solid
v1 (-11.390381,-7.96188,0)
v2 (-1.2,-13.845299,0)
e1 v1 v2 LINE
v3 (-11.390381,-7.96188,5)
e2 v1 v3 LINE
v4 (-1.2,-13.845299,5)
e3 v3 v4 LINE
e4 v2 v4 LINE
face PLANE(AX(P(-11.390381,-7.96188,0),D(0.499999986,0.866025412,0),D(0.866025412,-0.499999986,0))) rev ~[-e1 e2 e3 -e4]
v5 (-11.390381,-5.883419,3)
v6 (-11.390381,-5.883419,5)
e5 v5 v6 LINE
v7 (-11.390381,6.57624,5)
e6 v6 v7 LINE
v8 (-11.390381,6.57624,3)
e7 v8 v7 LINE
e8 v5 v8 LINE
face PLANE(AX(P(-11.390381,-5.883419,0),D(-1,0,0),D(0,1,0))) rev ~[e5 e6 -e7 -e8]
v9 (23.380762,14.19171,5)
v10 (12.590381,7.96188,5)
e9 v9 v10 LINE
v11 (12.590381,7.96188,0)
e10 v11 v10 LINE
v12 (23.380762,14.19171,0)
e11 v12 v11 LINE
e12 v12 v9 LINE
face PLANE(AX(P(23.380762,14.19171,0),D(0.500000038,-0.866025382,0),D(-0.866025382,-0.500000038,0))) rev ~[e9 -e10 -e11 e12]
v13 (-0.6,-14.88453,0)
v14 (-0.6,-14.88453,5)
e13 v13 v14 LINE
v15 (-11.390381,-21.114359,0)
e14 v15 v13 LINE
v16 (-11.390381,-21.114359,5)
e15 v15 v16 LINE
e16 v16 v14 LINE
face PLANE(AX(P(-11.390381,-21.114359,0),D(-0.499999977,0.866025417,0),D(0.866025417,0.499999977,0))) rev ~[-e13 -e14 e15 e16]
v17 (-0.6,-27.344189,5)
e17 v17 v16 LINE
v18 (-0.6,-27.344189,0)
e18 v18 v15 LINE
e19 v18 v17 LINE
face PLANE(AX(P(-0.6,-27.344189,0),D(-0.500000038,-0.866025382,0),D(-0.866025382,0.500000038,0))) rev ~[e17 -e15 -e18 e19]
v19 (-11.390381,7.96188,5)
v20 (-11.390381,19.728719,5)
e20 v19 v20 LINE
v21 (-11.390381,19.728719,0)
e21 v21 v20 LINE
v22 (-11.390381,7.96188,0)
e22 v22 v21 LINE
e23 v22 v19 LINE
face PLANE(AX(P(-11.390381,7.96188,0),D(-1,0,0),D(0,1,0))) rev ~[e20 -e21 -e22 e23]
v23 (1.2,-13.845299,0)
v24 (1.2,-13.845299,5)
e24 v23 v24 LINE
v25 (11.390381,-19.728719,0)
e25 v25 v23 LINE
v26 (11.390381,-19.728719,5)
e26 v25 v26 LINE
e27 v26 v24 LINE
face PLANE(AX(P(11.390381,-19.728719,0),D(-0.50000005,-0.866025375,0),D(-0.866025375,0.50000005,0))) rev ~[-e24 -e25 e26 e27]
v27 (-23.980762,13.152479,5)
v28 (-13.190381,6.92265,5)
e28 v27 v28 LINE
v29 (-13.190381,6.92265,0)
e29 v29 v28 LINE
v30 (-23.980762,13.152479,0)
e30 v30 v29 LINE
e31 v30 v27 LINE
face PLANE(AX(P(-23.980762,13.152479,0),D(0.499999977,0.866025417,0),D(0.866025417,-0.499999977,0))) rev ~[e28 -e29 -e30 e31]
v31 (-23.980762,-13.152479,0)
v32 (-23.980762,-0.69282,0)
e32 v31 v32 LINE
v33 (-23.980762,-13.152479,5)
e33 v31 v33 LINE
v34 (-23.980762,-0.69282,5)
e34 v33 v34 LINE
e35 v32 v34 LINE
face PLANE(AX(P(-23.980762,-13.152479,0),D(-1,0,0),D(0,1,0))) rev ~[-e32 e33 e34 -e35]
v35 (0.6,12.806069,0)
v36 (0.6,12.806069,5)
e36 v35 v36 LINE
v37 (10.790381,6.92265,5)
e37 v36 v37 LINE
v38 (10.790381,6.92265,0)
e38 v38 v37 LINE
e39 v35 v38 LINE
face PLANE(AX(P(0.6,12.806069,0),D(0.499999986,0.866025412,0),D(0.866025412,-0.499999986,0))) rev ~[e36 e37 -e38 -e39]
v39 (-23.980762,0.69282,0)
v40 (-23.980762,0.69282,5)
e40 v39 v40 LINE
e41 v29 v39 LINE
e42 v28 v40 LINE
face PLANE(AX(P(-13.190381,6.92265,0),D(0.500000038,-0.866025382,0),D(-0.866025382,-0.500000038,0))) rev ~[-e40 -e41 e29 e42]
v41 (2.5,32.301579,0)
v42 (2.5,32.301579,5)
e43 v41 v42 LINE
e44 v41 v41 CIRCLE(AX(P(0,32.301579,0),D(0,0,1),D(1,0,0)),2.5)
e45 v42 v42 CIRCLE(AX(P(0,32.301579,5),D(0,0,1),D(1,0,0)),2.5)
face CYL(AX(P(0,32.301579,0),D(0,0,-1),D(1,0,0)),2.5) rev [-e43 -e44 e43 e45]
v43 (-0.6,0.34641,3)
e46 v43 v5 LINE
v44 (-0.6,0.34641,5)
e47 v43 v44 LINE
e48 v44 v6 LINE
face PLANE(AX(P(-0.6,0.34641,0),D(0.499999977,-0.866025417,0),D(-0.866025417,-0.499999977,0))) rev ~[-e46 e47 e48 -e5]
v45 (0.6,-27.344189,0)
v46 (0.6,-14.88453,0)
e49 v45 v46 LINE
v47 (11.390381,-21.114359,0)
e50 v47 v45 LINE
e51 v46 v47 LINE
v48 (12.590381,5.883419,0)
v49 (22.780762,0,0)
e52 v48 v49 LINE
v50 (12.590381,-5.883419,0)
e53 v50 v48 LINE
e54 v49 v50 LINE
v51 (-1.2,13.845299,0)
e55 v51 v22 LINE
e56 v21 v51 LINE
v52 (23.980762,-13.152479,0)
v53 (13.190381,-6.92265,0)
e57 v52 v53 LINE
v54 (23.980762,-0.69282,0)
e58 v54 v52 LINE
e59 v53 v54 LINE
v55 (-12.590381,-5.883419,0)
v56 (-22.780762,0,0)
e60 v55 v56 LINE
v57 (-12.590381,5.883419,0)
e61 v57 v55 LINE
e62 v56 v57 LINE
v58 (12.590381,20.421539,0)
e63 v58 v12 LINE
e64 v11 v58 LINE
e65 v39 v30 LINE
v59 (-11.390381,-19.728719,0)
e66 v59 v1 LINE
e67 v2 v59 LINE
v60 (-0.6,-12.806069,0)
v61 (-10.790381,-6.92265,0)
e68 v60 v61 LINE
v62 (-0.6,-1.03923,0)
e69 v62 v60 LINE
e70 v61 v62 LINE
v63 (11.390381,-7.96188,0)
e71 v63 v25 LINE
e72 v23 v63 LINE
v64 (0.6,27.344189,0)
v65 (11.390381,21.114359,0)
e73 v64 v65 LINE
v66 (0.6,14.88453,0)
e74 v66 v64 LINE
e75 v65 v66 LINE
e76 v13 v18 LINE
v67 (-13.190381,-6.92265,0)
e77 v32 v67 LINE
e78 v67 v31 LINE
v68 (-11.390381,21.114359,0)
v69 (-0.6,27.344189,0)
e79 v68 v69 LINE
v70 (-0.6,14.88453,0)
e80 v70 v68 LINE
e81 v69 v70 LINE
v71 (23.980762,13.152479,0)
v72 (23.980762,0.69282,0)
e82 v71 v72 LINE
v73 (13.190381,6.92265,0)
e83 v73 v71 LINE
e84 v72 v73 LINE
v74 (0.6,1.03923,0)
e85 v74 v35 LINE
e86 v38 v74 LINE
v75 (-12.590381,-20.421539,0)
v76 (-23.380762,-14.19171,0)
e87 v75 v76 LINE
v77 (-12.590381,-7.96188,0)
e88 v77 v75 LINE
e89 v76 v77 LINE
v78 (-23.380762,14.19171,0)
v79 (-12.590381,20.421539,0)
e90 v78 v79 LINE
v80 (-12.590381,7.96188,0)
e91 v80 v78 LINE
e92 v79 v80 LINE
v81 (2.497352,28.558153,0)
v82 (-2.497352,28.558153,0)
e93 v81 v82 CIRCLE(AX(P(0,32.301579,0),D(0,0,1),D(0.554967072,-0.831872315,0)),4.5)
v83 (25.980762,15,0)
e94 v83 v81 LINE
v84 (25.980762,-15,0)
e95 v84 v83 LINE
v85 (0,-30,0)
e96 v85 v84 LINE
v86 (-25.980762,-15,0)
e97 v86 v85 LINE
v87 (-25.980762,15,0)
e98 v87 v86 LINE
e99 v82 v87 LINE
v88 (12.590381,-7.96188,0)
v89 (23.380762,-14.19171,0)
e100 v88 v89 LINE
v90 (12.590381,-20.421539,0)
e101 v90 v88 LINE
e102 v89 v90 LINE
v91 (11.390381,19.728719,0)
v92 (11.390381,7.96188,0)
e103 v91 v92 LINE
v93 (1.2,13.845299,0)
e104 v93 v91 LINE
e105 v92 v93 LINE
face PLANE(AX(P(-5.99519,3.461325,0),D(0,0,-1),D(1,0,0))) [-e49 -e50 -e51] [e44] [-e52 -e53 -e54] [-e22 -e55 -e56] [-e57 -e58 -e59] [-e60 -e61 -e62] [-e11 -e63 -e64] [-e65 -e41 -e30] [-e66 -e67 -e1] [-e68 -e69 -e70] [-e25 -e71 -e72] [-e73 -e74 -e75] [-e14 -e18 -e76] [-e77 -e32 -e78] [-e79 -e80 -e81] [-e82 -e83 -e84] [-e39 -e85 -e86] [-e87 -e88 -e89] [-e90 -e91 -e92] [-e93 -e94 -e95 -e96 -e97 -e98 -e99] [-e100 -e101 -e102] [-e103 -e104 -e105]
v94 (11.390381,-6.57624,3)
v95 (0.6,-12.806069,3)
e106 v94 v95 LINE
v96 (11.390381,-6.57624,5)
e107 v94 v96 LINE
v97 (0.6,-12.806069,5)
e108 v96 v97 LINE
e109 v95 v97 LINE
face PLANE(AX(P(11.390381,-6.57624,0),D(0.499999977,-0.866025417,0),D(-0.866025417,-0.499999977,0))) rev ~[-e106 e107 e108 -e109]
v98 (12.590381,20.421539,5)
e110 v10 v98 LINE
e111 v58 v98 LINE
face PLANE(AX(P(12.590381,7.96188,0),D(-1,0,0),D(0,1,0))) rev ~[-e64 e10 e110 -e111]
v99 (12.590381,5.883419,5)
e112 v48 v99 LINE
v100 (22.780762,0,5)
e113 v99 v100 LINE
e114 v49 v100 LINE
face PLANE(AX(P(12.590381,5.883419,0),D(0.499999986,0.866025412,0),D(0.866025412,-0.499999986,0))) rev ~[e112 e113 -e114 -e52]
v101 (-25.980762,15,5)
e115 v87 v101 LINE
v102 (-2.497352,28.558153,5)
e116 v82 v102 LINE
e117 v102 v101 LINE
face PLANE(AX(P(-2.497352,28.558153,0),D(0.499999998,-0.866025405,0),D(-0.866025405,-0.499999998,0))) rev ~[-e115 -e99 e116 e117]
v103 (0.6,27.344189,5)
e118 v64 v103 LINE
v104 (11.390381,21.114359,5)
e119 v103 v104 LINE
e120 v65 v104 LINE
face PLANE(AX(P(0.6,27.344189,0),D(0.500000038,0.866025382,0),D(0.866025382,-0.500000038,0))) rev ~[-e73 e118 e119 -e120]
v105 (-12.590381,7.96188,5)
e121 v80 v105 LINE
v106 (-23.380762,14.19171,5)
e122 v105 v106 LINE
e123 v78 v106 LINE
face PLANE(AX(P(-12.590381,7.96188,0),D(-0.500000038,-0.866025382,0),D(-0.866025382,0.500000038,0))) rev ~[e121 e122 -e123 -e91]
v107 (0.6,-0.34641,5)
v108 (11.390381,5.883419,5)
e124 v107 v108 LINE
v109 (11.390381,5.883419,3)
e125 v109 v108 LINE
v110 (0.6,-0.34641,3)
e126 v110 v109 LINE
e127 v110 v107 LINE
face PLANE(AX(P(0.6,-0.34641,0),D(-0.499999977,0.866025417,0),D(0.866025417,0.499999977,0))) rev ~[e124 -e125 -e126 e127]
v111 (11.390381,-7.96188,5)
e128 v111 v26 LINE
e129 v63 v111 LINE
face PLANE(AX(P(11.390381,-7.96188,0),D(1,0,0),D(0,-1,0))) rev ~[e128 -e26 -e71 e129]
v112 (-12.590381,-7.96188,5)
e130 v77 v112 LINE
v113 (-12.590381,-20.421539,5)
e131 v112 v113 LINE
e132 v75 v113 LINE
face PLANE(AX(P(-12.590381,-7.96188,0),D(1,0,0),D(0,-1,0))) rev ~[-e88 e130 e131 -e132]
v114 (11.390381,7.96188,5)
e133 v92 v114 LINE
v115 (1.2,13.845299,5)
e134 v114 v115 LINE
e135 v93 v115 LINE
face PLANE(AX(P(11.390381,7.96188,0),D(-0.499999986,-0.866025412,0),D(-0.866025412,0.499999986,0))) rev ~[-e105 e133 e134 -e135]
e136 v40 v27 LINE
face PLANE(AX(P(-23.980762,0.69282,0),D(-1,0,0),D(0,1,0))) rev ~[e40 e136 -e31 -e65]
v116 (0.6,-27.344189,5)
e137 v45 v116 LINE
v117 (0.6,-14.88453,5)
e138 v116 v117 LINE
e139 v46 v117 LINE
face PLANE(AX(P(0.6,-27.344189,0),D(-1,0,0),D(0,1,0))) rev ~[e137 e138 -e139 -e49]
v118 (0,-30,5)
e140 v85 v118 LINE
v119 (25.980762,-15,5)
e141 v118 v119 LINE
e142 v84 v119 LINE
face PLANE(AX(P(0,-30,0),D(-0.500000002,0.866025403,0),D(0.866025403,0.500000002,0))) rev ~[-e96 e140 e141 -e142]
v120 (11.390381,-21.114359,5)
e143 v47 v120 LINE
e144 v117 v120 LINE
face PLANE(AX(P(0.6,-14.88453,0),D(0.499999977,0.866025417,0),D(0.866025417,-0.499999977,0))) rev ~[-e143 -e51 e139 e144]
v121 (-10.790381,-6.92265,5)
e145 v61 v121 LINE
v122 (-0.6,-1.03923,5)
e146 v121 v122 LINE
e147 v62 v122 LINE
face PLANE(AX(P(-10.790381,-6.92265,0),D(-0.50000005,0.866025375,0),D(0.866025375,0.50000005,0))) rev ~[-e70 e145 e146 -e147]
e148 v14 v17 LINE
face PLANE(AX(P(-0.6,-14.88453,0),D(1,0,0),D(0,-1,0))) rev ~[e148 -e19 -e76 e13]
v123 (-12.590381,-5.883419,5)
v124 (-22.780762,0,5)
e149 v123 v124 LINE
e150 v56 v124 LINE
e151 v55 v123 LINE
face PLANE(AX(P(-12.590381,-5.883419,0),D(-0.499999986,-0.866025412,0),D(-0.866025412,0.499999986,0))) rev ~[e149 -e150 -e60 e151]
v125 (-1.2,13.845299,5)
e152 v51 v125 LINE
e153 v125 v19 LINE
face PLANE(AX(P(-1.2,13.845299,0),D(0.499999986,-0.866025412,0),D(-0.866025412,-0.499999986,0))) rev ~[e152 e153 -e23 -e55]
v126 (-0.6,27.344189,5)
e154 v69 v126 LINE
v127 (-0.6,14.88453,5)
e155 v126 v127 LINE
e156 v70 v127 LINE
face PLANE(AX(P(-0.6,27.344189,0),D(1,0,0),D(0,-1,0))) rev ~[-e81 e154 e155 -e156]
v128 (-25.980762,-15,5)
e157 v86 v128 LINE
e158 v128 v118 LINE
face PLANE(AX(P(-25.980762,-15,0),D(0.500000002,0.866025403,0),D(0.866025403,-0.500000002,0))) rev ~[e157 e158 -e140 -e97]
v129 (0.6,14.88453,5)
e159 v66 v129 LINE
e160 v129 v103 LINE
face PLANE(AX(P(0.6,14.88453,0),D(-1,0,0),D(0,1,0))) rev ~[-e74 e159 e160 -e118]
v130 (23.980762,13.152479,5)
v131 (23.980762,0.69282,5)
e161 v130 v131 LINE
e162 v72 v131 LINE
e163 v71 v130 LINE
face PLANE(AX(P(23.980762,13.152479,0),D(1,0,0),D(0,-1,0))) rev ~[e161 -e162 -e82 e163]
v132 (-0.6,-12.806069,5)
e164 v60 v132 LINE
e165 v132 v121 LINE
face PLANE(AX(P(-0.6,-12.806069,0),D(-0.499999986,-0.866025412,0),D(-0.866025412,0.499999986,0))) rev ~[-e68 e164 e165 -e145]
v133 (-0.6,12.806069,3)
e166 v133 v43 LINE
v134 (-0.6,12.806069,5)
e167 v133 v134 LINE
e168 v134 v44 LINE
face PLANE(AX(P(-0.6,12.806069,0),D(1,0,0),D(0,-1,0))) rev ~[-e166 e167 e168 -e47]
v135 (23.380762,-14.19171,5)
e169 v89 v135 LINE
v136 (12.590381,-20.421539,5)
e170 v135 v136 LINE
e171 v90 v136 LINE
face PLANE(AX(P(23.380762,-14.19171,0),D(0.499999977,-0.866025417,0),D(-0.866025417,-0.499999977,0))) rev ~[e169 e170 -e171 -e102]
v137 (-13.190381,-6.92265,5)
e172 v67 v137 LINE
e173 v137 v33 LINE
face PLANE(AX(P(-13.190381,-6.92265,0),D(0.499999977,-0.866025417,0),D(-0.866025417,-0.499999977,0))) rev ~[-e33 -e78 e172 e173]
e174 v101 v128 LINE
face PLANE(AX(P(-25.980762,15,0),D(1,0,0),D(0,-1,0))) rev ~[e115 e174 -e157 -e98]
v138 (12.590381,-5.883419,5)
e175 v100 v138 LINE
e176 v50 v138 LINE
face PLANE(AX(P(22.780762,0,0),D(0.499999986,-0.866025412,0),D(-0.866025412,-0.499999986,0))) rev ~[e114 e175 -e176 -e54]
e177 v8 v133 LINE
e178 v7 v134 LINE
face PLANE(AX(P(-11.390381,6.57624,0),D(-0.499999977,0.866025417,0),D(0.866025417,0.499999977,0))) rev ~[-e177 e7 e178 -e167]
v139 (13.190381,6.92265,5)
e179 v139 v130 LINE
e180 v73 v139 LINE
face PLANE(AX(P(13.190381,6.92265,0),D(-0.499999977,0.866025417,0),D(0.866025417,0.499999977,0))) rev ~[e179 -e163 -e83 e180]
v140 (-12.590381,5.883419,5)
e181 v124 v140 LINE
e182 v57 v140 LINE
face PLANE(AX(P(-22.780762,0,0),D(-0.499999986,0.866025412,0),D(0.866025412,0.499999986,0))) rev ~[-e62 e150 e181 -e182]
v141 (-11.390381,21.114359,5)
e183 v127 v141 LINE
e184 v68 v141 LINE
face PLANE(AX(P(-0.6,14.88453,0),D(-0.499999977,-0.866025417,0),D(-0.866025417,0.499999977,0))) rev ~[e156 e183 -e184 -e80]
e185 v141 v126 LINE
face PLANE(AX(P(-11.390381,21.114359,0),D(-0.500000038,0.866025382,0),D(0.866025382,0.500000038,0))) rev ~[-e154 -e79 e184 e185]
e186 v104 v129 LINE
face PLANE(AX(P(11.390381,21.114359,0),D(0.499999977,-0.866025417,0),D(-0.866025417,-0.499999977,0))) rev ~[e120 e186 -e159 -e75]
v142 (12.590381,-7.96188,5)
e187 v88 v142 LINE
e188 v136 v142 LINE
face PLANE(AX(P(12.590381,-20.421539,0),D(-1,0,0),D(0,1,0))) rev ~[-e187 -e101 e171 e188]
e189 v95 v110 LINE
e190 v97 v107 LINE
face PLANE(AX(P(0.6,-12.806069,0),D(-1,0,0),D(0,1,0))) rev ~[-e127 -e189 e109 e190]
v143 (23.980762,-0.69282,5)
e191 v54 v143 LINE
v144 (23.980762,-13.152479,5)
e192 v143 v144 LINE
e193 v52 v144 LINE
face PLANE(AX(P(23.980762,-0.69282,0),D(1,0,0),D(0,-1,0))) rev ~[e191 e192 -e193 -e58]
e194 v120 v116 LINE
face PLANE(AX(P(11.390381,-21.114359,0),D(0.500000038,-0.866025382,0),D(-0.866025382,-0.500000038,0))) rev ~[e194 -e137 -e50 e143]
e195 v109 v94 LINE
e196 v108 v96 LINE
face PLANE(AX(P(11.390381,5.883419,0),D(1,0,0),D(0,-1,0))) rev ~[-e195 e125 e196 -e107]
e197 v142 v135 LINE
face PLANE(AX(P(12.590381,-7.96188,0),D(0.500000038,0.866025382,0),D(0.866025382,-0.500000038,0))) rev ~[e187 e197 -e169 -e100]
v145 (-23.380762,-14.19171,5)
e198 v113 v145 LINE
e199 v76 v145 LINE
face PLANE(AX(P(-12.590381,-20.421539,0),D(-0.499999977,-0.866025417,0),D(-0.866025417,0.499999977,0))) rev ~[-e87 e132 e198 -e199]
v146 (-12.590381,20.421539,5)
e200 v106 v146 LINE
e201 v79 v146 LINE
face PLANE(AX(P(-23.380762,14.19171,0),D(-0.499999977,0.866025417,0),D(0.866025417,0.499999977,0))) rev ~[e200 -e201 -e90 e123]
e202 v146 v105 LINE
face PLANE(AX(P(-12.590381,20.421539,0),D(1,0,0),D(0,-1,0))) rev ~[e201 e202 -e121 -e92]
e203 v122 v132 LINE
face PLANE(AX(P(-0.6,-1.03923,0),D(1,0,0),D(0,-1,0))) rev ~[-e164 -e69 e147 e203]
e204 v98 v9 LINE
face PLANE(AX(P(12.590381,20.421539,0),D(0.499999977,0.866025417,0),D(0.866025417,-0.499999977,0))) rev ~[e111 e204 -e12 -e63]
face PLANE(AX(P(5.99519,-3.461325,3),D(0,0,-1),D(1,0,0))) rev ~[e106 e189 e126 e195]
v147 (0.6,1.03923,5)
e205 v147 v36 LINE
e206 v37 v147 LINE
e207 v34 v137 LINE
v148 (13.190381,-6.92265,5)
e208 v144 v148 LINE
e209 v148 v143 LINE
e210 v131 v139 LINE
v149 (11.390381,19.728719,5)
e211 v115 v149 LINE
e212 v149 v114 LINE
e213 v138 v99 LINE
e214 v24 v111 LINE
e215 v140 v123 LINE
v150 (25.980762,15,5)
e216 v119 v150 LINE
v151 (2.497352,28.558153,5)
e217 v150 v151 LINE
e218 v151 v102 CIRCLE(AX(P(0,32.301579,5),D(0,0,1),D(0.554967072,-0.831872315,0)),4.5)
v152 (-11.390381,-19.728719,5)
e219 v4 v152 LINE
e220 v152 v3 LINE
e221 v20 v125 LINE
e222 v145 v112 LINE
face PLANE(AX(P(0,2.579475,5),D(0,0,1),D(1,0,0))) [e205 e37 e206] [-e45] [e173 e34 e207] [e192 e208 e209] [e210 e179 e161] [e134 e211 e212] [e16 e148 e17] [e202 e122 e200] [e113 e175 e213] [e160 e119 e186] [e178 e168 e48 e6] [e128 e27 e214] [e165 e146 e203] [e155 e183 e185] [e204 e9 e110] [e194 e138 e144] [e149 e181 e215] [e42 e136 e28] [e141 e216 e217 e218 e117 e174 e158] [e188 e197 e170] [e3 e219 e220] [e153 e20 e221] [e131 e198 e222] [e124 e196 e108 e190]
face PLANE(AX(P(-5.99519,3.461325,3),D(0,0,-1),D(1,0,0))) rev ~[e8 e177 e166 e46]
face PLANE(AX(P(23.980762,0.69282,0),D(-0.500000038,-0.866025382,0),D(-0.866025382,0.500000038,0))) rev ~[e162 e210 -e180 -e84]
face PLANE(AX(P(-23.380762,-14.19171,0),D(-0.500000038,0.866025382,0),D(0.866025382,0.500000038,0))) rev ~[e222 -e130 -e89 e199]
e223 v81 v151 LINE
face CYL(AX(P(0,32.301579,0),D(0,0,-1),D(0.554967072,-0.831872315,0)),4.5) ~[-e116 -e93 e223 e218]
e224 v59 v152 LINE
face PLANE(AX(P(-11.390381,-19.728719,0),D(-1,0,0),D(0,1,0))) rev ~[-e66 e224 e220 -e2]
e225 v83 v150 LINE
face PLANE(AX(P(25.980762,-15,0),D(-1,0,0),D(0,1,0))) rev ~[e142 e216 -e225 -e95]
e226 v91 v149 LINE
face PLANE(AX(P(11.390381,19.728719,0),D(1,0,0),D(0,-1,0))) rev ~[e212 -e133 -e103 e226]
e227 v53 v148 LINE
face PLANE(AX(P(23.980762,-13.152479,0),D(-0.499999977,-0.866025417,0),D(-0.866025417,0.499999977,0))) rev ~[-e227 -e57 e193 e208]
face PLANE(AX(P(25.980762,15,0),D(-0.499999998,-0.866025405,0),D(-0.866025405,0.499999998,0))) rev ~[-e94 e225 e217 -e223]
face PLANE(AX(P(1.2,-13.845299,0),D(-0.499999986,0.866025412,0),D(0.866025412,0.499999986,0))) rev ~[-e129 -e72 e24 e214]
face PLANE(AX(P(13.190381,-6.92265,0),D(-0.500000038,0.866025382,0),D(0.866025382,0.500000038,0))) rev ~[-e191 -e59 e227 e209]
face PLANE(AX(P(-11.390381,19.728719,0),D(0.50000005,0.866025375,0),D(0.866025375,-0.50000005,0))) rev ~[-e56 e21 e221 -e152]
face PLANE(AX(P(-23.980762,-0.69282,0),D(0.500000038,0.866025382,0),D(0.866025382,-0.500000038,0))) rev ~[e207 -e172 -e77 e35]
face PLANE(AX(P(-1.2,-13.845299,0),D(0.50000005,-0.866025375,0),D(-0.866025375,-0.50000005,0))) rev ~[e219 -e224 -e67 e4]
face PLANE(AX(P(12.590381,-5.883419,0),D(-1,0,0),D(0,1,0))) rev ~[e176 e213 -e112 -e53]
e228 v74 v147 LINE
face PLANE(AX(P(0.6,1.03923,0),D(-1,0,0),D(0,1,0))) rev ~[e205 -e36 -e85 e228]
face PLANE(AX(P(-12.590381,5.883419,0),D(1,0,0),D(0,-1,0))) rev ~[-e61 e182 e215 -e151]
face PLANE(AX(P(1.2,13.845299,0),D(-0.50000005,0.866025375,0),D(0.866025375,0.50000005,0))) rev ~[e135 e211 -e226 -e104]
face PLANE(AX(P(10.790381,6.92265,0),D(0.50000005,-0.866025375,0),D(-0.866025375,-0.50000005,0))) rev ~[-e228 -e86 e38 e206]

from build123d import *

# Parameters (mm, degrees)
F0_R     = 2.5
F1_DEPTH = 5
F3_DEPTH = 3


with BuildPart() as f1:
    # F0 (on Top) → F1 (new body)
    with BuildSketch(Plane.XY):
        with BuildLine():
            Line((25.980762, 15), (2.497352, 28.558153))
            ThreePointArc((2.497352, 28.558153), (0, 36.801579), (-2.497352, 28.558153))
            Line((-2.497352, 28.558153), (-25.980762, 15))
            Line((-25.980762, 15), (-25.980762, -15))
            Line((-25.980762, -15), (0, -30))
            Line((0, -30), (25.980762, -15))
            Line((25.980762, -15), (25.980762, 15))
        make_face()
        Polygon((-12.590381, -7.96188), (-12.590381, -20.421539), (-23.380762, -14.19171), align=None, mode=Mode.SUBTRACT)
        Polygon((-0.6, -14.88453), (-0.6, -27.344189), (-11.390381, -21.114359), align=None, mode=Mode.SUBTRACT)
        Polygon((-1.2, -13.845299), (-11.390381, -19.728719), (-11.390381, -7.96188), align=None, mode=Mode.SUBTRACT)
        Polygon((-13.190381, -6.92265), (-23.980762, -13.152479), (-23.980762, -0.69282), align=None, mode=Mode.SUBTRACT)
        Polygon((-12.590381, -5.883419), (-22.780762, 0), (-12.590381, 5.883419), align=None, mode=Mode.SUBTRACT)
        Polygon((-0.6, -1.03923), (-0.6, -12.806069), (-10.790381, -6.92265), align=None, mode=Mode.SUBTRACT)
        Polygon((0.6, -14.88453), (11.390381, -21.114359), (0.6, -27.344189), align=None, mode=Mode.SUBTRACT)
        Polygon((11.390381, -7.96188), (11.390381, -19.728719), (1.2, -13.845299), align=None, mode=Mode.SUBTRACT)
        Polygon((12.590381, -7.96188), (23.380762, -14.19171), (12.590381, -20.421539), align=None, mode=Mode.SUBTRACT)
        Polygon((0.6, -12.806069), (0.6, -0.34641), (11.390381, 5.883419), (11.390381, -6.57624), align=None, mode=Mode.SUBTRACT)
        Polygon((13.190381, -6.92265), (23.980762, -0.69282), (23.980762, -13.152479), align=None, mode=Mode.SUBTRACT)
        Polygon((12.590381, 5.883419), (22.780762, 0), (12.590381, -5.883419), align=None, mode=Mode.SUBTRACT)
        Polygon((-13.190381, 6.92265), (-23.980762, 0.69282), (-23.980762, 13.152479), align=None, mode=Mode.SUBTRACT)
        Polygon((-12.590381, 7.96188), (-23.380762, 14.19171), (-12.590381, 20.421539), align=None, mode=Mode.SUBTRACT)
        Polygon((-0.6, 12.806069), (-0.6, 0.34641), (-11.390381, -5.883419), (-11.390381, 6.57624), align=None, mode=Mode.SUBTRACT)
        Polygon((-11.390381, 19.728719), (-1.2, 13.845299), (-11.390381, 7.96188), align=None, mode=Mode.SUBTRACT)
        Polygon((-0.6, 14.88453), (-11.390381, 21.114359), (-0.6, 27.344189), align=None, mode=Mode.SUBTRACT)
        Polygon((0.6, 12.806069), (10.790381, 6.92265), (0.6, 1.03923), align=None, mode=Mode.SUBTRACT)
        Polygon((11.390381, 19.728719), (11.390381, 7.96188), (1.2, 13.845299), align=None, mode=Mode.SUBTRACT)
        Polygon((13.190381, 6.92265), (23.980762, 13.152479), (23.980762, 0.69282), align=None, mode=Mode.SUBTRACT)
        Polygon((12.590381, 7.96188), (12.590381, 20.421539), (23.380762, 14.19171), align=None, mode=Mode.SUBTRACT)
        Polygon((0.6, 14.88453), (0.6, 27.344189), (11.390381, 21.114359), align=None, mode=Mode.SUBTRACT)
        with Locations((0, 32.301579)):
            Circle(F0_R, mode=Mode.SUBTRACT)
    extrude(amount=F1_DEPTH)

    # F2 (on face) → F3 (join)
    with BuildSketch(Plane(origin=(0, 0, 0), x_dir=(1, 0, 0), z_dir=(0, 0, -1))):
        Polygon((-11.390381, -6.57624), (-0.6, -12.806069), (-0.6, -0.34641), (-11.390381, 5.883419), align=None)
        Polygon((0.6, 0.34641), (11.390381, -5.883419), (11.390381, 6.57624), (0.6, 12.806069), align=None)
    extrude(amount=-F3_DEPTH)


solid = f1.part
